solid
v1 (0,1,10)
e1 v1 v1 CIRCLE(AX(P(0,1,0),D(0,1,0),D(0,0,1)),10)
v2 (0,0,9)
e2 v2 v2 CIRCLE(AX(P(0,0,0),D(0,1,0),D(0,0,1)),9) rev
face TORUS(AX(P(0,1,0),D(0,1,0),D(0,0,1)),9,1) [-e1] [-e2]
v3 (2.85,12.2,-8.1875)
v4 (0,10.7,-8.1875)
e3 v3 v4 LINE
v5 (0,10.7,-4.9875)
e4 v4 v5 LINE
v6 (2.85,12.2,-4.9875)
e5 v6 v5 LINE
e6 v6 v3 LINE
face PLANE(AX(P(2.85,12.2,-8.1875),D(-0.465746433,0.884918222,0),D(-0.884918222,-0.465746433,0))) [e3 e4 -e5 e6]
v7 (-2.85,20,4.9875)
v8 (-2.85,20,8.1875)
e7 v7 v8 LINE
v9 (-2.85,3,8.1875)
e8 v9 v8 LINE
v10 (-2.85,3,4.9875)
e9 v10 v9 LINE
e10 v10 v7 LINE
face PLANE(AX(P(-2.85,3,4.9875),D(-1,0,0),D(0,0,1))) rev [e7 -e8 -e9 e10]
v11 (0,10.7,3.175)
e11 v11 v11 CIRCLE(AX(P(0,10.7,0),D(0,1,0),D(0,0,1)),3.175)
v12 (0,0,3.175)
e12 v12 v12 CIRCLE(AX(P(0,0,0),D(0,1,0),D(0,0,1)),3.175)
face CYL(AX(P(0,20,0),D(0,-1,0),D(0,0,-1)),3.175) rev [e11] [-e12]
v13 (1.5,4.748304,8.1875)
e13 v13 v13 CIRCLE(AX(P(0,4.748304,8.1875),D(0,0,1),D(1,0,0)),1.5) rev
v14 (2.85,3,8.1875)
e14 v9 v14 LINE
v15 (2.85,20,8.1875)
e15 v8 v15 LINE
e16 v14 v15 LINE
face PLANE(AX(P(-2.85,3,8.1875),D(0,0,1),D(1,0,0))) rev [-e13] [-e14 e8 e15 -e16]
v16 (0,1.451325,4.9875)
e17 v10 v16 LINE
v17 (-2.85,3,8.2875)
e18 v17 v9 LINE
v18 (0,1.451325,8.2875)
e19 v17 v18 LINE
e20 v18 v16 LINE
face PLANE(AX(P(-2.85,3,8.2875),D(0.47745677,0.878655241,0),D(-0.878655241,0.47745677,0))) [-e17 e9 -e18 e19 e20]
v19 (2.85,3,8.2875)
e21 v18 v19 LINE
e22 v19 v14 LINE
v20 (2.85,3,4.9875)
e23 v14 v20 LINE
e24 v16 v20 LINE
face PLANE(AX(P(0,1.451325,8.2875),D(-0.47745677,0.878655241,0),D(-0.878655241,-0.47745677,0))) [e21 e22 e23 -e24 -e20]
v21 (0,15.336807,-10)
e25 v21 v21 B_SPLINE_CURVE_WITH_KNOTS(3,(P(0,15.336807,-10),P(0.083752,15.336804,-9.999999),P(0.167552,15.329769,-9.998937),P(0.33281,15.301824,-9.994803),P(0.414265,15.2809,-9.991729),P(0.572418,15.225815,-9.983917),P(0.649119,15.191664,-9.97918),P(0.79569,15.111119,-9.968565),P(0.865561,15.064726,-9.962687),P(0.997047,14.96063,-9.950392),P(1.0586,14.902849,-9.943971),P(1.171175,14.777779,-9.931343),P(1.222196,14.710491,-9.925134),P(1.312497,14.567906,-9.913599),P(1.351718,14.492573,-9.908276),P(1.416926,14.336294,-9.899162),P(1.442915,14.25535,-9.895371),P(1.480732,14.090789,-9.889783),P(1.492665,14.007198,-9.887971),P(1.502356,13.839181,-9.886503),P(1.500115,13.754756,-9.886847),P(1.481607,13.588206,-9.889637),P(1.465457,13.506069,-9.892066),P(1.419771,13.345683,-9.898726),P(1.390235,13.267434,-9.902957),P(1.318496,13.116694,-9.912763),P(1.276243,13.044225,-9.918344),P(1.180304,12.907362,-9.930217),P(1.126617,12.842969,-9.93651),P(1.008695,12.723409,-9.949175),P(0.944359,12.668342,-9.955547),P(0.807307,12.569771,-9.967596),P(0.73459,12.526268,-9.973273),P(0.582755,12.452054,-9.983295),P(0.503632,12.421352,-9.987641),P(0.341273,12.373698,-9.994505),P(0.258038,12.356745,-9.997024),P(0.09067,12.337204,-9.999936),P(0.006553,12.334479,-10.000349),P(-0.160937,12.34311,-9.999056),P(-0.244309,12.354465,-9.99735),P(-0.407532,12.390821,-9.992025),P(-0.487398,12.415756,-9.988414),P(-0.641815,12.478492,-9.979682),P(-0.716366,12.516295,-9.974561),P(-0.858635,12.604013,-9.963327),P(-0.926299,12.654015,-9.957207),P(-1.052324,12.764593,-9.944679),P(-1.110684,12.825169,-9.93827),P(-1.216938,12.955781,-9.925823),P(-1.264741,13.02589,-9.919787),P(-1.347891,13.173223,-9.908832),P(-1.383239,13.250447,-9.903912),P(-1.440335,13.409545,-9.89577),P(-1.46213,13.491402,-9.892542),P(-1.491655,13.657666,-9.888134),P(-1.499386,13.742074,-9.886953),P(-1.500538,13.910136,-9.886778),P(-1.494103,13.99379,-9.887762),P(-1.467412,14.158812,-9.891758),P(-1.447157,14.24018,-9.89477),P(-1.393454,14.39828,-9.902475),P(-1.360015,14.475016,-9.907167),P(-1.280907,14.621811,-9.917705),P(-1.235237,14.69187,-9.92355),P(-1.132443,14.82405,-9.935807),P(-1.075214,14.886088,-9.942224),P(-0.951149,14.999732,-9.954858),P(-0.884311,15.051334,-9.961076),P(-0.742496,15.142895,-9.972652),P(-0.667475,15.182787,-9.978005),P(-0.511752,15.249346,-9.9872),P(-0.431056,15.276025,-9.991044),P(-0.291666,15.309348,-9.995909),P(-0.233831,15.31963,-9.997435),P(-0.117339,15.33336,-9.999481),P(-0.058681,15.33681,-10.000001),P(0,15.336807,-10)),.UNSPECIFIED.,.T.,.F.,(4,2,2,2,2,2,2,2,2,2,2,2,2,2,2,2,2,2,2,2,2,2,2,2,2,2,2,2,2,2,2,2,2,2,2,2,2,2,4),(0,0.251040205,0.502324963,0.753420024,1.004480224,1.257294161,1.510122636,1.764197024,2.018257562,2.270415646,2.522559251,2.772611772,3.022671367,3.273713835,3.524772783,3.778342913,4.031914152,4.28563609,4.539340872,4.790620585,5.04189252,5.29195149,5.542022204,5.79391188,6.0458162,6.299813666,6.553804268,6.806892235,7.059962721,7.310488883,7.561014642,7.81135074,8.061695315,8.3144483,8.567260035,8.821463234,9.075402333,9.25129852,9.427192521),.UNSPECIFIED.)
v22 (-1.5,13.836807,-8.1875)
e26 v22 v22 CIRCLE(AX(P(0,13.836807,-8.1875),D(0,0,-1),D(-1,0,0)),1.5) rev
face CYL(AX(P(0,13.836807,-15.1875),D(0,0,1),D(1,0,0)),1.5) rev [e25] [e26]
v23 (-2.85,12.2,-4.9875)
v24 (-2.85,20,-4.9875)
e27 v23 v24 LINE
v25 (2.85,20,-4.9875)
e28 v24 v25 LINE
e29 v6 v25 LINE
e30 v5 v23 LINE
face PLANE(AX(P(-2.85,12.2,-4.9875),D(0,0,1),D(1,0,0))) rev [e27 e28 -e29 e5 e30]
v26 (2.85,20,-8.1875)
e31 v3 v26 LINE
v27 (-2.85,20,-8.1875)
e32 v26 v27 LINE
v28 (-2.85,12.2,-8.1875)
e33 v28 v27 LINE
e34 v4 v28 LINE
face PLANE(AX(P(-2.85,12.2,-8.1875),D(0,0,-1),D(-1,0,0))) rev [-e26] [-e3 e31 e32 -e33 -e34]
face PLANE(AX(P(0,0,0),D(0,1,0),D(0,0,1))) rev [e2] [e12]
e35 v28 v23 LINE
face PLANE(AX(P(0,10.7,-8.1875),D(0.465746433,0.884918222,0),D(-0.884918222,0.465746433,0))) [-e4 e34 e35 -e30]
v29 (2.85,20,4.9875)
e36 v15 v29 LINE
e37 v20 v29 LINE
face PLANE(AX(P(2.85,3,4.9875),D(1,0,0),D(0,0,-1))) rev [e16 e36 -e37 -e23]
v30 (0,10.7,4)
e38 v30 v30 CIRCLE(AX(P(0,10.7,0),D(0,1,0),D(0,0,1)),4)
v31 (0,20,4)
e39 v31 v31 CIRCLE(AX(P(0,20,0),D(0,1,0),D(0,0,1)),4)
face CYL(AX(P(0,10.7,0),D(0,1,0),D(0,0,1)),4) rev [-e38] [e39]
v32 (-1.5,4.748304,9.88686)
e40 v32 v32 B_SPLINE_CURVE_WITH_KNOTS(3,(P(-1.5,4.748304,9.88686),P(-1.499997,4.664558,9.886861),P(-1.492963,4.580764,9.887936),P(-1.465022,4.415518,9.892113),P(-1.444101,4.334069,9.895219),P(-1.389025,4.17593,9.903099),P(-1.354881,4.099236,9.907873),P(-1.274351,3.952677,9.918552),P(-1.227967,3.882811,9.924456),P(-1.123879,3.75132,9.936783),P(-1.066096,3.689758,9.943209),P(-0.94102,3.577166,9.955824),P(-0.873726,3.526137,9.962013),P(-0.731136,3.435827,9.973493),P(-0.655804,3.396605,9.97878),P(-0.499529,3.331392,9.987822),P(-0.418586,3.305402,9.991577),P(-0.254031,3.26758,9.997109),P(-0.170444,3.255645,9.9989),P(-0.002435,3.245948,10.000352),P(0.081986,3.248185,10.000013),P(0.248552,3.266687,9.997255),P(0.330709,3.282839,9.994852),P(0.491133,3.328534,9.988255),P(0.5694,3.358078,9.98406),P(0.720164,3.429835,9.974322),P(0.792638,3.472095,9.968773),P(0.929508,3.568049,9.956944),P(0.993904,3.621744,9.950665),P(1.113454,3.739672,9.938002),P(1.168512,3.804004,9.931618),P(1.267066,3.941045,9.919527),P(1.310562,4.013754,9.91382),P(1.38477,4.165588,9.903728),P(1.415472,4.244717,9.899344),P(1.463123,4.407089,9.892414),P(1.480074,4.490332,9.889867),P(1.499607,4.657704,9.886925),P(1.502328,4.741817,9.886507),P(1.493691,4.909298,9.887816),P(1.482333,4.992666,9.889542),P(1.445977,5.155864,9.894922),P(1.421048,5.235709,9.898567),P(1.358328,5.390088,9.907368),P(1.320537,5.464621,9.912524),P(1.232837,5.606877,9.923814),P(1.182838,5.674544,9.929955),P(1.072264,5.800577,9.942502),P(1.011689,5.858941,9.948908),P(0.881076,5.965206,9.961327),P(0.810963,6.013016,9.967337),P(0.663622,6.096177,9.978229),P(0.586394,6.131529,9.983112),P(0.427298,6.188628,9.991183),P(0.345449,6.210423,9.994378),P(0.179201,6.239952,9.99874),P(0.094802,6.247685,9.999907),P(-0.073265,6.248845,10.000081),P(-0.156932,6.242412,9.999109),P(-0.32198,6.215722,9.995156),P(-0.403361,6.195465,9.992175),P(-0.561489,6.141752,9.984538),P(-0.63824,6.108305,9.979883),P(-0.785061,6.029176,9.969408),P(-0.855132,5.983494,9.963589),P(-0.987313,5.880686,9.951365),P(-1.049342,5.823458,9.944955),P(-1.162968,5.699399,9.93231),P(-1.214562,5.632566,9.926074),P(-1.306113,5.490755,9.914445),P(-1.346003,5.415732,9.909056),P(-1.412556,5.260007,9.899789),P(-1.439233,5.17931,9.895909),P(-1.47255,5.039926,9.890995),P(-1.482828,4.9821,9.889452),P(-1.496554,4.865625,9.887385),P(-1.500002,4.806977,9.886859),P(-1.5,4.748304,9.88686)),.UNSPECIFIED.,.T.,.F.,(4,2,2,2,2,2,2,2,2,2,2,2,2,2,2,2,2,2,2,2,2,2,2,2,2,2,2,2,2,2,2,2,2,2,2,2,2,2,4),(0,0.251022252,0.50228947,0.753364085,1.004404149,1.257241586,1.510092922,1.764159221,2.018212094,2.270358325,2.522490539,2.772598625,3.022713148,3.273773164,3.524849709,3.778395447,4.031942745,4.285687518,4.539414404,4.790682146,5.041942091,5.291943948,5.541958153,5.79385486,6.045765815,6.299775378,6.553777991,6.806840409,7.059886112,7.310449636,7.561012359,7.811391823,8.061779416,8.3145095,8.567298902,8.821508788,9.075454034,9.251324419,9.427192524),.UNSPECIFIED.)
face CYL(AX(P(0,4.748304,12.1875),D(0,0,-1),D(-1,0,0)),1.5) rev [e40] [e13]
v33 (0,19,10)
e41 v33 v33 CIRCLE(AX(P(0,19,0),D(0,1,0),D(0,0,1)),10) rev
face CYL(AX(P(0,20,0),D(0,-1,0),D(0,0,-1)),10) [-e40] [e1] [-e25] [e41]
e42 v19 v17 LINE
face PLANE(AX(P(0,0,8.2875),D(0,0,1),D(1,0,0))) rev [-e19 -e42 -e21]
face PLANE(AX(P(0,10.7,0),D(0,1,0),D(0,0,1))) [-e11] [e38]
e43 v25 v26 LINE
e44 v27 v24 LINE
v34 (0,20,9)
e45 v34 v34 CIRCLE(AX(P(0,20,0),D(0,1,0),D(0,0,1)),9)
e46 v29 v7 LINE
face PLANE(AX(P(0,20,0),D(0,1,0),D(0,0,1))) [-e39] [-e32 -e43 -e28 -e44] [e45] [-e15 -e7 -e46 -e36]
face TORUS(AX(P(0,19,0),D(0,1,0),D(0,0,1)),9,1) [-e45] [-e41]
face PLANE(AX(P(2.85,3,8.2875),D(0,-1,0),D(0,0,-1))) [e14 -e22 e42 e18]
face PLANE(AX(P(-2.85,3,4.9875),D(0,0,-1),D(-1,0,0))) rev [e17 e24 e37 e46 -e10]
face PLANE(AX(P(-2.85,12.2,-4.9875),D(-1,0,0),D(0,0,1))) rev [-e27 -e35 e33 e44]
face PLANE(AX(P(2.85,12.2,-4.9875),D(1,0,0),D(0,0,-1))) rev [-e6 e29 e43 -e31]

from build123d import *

# Parameters (mm, degrees)
SKETCH1_R           = 10
SKETCH1_R_2         = 3.175
BOSS_EXTRUDE1_DEPTH = 20
SKETCH2_W           = 5.7
SKETCH2_H           = 3.2
CUT_EXTRUDE1_DEPTH  = 17
CUT_EXTRUDE2_DEPTH  = 3.3
SKETCH4_R           = 4
CUT_EXTRUDE3_DEPTH  = 9.3
SKETCH5_W           = 5.7
SKETCH5_H           = 3.2
CUT_EXTRUDE5_DEPTH  = 7.8
CUT_EXTRUDE6_DEPTH  = 3.2
FILLET1_R           = 1
SKETCH7_R           = 1.5
CUT_EXTRUDE7_DEPTH  = 10.2
SKETCH8_R           = 1.5
CUT_EXTRUDE8_DEPTH  = 7.2


with BuildPart() as part:
    # Sketch1 → Boss-Extrude1 (new body)
    with BuildSketch(Plane(origin=(0, 0, 0), x_dir=(1, 0, 0), z_dir=(0, 1, 0))):
        with Locations(Location((0, 0, 0), (0, 0, 270))):
            Circle(SKETCH1_R)
        with Locations(Location((0, 0, 0), (0, 0, 270))):
            Circle(SKETCH1_R_2, mode=Mode.SUBTRACT)
    extrude(amount=BOSS_EXTRUDE1_DEPTH)

    # Sketch2 → Cut-Extrude1 (cut)
    with BuildSketch(Plane(origin=(0, 20, 0), x_dir=(1, 0, 0), z_dir=(0, 1, 0))):
        with Locations((0, -6.5875)):
            Rectangle(SKETCH2_W, SKETCH2_H)
    extrude(amount=-CUT_EXTRUDE1_DEPTH, mode=Mode.SUBTRACT)

    # Sketch3 → Cut-Extrude2 (cut)
    with BuildSketch(Plane.XY.offset(4.9875)):
        Polygon((-2.85, 3), (0, 1.451324557), (2.85, 3), align=None)
    extrude(amount=CUT_EXTRUDE2_DEPTH, mode=Mode.SUBTRACT)

    # Sketch4 → Cut-Extrude3 (cut)
    with BuildSketch(Plane(origin=(0, 20, 0), x_dir=(1, 0, 0), z_dir=(0, 1, 0))):
        with Locations(Location((0, 0, 0), (0, 0, 270))):
            Circle(SKETCH4_R)
    extrude(amount=-CUT_EXTRUDE3_DEPTH, mode=Mode.SUBTRACT)

    # Sketch5 → Cut-Extrude5 (cut)
    with BuildSketch(Plane(origin=(0, 20, 0), x_dir=(1, 0, 0), z_dir=(0, 1, 0))):
        with Locations((0, 6.5875)):
            Rectangle(SKETCH5_W, SKETCH5_H)
    extrude(amount=-CUT_EXTRUDE5_DEPTH, mode=Mode.SUBTRACT)

    # Sketch6 → Cut-Extrude6 (cut)
    with BuildSketch(Plane(origin=(0, 0, -4.9875), x_dir=(-1, 0, 0), z_dir=(0, 0, -1))):
        Polygon((-2.85, 12.2), (0, 10.7), (2.85, 12.2), align=None)
    extrude(amount=CUT_EXTRUDE6_DEPTH, mode=Mode.SUBTRACT)

    # Fillet1
    fillet1_edges = [part.edges().sort_by_distance(p)[0] for p in [
        (0, 0, -10),
        (0, 20, -10),
    ]]
    fillet(fillet1_edges, radius=FILLET1_R)

    # Sketch7 → Cut-Extrude7 (cut)
    with BuildSketch(Plane(origin=(0, 0, -4.9875), x_dir=(-1, 0, 0), z_dir=(0, 0, -1))):
        with Locations(Location((0, 13.836807089, 0), (0, 0, 90))):
            Circle(SKETCH7_R)
    extrude(amount=CUT_EXTRUDE7_DEPTH, mode=Mode.SUBTRACT)

    # Sketch8 → Cut-Extrude8 (cut)
    with BuildSketch(Plane.XY.offset(4.9875)):
        with Locations(Location((0, 4.748303772, 0), (0, 0, 180))):
            Circle(SKETCH8_R)
    extrude(amount=CUT_EXTRUDE8_DEPTH, mode=Mode.SUBTRACT)


solid = part.part
